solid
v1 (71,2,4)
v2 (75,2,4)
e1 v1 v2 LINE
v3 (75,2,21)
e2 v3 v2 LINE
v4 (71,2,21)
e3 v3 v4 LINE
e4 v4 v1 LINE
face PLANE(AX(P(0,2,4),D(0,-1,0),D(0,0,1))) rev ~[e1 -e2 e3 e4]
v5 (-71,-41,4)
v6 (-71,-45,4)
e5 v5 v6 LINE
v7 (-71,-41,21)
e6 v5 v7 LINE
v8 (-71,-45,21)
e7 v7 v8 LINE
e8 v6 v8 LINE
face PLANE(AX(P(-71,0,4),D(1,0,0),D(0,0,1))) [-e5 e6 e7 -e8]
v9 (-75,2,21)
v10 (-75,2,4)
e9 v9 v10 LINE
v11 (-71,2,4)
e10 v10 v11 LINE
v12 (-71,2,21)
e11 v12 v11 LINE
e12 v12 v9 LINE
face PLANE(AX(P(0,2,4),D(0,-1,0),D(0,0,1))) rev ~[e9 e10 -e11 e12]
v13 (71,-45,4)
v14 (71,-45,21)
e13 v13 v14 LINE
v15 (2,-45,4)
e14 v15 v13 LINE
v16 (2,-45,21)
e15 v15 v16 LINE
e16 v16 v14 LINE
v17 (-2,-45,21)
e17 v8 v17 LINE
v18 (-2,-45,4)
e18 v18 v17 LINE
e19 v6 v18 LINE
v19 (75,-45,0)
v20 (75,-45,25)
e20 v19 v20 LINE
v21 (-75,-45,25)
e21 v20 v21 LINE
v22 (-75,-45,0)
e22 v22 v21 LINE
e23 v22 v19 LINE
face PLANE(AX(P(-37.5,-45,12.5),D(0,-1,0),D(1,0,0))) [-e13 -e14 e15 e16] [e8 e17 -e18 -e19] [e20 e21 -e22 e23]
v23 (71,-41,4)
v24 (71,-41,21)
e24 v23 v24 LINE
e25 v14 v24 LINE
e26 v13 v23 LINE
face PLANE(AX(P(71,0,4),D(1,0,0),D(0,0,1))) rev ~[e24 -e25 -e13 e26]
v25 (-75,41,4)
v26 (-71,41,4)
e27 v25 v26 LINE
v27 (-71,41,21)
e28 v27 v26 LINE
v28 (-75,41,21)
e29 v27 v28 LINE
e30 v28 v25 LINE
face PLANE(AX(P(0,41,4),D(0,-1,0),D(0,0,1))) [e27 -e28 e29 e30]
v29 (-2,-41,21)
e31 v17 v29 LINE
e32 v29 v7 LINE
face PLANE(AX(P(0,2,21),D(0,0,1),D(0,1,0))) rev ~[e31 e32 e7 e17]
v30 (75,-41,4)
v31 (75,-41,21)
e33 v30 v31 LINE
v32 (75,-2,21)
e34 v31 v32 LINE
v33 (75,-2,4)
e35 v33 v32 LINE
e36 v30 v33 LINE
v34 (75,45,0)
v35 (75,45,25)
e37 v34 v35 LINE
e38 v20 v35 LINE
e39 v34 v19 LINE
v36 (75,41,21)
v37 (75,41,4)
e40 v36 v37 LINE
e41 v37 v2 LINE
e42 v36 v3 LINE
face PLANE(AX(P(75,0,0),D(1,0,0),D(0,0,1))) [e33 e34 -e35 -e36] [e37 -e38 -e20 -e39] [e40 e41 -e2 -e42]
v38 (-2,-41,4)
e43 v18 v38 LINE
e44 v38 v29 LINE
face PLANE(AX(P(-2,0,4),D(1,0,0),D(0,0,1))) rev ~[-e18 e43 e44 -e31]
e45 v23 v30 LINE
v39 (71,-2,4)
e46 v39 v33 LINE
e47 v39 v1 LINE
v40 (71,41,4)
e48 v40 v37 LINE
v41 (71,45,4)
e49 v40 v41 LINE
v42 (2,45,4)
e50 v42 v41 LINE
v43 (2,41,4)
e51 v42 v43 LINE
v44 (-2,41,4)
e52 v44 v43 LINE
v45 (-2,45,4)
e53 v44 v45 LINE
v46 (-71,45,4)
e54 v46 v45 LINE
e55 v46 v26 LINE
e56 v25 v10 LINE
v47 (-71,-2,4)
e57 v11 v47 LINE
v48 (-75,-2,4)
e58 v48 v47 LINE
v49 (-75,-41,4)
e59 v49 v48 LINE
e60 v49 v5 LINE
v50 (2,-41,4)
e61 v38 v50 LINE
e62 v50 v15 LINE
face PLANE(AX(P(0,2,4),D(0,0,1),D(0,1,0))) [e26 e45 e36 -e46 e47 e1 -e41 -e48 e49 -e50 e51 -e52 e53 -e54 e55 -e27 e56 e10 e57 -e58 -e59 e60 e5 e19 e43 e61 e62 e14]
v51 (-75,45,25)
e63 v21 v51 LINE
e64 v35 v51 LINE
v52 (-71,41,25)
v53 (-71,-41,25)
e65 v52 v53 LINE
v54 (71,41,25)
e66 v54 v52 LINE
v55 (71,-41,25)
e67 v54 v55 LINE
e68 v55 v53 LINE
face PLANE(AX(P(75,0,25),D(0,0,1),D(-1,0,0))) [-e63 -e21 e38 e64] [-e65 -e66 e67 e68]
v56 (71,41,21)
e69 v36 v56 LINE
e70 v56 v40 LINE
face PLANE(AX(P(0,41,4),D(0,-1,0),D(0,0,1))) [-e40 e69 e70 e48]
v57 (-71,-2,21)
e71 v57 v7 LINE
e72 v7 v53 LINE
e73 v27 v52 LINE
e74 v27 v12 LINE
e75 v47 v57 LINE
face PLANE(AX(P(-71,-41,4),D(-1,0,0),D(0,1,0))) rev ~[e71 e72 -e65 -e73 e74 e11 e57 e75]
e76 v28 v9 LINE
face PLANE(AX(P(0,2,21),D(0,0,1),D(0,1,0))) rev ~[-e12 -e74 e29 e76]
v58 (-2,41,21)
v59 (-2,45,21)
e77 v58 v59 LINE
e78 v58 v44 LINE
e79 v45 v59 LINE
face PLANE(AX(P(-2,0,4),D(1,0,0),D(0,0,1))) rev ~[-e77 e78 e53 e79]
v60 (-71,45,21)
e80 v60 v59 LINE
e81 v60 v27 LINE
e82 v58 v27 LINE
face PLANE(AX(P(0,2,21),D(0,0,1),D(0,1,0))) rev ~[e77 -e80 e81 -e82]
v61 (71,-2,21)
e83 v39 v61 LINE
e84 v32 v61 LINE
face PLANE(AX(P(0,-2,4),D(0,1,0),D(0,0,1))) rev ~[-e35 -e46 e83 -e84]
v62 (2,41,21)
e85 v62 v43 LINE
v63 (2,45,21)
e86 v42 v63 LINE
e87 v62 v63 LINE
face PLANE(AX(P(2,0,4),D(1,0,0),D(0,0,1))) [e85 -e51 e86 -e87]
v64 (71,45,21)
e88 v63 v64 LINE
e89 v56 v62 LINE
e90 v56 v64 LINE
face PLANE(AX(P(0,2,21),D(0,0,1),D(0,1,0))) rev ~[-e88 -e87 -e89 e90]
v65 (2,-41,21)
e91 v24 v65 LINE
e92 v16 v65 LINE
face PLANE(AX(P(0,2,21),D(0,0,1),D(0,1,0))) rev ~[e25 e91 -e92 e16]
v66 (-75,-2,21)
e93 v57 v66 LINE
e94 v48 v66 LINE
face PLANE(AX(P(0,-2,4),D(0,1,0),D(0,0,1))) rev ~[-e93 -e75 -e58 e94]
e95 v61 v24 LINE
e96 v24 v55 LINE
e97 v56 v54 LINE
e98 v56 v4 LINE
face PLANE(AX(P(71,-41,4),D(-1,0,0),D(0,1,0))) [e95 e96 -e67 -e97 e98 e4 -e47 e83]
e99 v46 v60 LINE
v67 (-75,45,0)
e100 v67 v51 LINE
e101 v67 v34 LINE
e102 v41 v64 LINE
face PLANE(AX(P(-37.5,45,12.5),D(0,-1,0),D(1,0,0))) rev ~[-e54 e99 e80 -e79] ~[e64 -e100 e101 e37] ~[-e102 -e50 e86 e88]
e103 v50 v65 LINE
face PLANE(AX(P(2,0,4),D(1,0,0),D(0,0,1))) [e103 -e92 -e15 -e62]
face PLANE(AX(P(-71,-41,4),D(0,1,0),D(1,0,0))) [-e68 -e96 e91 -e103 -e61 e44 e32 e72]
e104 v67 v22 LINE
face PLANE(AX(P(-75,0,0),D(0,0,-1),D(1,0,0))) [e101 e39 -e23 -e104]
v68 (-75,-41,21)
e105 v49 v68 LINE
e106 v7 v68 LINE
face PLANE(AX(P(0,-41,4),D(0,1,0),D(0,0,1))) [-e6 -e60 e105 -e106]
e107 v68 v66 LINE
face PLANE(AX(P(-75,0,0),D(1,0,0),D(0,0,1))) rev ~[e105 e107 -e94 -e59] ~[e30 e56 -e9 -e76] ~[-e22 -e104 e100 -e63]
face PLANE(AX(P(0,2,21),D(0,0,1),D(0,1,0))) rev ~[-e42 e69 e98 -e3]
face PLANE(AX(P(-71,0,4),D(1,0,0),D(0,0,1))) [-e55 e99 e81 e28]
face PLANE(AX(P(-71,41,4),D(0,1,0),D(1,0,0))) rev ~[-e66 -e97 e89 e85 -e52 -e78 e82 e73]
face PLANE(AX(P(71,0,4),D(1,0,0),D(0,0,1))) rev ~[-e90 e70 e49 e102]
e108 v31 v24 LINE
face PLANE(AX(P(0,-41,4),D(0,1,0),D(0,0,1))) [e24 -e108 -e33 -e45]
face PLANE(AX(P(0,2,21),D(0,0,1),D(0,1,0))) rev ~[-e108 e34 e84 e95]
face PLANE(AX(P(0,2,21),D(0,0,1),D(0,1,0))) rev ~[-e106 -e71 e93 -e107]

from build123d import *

# Parameters (mm, degrees)
F0_W     = 75
F0_H     = 25
F0_W_2   = 69
F0_H_2   = 17
F1_DEPTH = 45
F2_W     = 39
F2_H     = 17
F3_DEPTH = 100
F5_START = 4
F4_W     = 142
F4_H     = 82
F5_DEPTH = 26


with BuildPart() as f1:
    # F0 (on Front) → F1 (new body, symmetric)
    with BuildSketch(Plane.XZ):
        with Locations((-37.5, 12.5)):
            Rectangle(F0_W, F0_H)
        with Locations((-36.5, 12.5)):
            Rectangle(F0_W_2, F0_H_2, mode=Mode.SUBTRACT)
        with Locations((37.5, 12.5)):
            Rectangle(F0_W, F0_H)
        with Locations((36.5, 12.5)):
            Rectangle(F0_W_2, F0_H_2, mode=Mode.SUBTRACT)
    extrude(amount=F1_DEPTH, both=True)

    # F2 (on Right) → F3 (cut, symmetric)
    with BuildSketch(Plane.YZ):
        with Locations((21.5, 12.5)):
            Rectangle(F2_W, F2_H)
        with Locations((-21.5, 12.5)):
            Rectangle(F2_W, F2_H)
    extrude(amount=F3_DEPTH, both=True, mode=Mode.SUBTRACT)

    # F4 (on Top) → F5 (cut)
    with BuildSketch(Plane.XY.offset(F5_START)):
        Rectangle(F4_W, F4_H)
    extrude(amount=F5_DEPTH, mode=Mode.SUBTRACT)


solid = f1.part
